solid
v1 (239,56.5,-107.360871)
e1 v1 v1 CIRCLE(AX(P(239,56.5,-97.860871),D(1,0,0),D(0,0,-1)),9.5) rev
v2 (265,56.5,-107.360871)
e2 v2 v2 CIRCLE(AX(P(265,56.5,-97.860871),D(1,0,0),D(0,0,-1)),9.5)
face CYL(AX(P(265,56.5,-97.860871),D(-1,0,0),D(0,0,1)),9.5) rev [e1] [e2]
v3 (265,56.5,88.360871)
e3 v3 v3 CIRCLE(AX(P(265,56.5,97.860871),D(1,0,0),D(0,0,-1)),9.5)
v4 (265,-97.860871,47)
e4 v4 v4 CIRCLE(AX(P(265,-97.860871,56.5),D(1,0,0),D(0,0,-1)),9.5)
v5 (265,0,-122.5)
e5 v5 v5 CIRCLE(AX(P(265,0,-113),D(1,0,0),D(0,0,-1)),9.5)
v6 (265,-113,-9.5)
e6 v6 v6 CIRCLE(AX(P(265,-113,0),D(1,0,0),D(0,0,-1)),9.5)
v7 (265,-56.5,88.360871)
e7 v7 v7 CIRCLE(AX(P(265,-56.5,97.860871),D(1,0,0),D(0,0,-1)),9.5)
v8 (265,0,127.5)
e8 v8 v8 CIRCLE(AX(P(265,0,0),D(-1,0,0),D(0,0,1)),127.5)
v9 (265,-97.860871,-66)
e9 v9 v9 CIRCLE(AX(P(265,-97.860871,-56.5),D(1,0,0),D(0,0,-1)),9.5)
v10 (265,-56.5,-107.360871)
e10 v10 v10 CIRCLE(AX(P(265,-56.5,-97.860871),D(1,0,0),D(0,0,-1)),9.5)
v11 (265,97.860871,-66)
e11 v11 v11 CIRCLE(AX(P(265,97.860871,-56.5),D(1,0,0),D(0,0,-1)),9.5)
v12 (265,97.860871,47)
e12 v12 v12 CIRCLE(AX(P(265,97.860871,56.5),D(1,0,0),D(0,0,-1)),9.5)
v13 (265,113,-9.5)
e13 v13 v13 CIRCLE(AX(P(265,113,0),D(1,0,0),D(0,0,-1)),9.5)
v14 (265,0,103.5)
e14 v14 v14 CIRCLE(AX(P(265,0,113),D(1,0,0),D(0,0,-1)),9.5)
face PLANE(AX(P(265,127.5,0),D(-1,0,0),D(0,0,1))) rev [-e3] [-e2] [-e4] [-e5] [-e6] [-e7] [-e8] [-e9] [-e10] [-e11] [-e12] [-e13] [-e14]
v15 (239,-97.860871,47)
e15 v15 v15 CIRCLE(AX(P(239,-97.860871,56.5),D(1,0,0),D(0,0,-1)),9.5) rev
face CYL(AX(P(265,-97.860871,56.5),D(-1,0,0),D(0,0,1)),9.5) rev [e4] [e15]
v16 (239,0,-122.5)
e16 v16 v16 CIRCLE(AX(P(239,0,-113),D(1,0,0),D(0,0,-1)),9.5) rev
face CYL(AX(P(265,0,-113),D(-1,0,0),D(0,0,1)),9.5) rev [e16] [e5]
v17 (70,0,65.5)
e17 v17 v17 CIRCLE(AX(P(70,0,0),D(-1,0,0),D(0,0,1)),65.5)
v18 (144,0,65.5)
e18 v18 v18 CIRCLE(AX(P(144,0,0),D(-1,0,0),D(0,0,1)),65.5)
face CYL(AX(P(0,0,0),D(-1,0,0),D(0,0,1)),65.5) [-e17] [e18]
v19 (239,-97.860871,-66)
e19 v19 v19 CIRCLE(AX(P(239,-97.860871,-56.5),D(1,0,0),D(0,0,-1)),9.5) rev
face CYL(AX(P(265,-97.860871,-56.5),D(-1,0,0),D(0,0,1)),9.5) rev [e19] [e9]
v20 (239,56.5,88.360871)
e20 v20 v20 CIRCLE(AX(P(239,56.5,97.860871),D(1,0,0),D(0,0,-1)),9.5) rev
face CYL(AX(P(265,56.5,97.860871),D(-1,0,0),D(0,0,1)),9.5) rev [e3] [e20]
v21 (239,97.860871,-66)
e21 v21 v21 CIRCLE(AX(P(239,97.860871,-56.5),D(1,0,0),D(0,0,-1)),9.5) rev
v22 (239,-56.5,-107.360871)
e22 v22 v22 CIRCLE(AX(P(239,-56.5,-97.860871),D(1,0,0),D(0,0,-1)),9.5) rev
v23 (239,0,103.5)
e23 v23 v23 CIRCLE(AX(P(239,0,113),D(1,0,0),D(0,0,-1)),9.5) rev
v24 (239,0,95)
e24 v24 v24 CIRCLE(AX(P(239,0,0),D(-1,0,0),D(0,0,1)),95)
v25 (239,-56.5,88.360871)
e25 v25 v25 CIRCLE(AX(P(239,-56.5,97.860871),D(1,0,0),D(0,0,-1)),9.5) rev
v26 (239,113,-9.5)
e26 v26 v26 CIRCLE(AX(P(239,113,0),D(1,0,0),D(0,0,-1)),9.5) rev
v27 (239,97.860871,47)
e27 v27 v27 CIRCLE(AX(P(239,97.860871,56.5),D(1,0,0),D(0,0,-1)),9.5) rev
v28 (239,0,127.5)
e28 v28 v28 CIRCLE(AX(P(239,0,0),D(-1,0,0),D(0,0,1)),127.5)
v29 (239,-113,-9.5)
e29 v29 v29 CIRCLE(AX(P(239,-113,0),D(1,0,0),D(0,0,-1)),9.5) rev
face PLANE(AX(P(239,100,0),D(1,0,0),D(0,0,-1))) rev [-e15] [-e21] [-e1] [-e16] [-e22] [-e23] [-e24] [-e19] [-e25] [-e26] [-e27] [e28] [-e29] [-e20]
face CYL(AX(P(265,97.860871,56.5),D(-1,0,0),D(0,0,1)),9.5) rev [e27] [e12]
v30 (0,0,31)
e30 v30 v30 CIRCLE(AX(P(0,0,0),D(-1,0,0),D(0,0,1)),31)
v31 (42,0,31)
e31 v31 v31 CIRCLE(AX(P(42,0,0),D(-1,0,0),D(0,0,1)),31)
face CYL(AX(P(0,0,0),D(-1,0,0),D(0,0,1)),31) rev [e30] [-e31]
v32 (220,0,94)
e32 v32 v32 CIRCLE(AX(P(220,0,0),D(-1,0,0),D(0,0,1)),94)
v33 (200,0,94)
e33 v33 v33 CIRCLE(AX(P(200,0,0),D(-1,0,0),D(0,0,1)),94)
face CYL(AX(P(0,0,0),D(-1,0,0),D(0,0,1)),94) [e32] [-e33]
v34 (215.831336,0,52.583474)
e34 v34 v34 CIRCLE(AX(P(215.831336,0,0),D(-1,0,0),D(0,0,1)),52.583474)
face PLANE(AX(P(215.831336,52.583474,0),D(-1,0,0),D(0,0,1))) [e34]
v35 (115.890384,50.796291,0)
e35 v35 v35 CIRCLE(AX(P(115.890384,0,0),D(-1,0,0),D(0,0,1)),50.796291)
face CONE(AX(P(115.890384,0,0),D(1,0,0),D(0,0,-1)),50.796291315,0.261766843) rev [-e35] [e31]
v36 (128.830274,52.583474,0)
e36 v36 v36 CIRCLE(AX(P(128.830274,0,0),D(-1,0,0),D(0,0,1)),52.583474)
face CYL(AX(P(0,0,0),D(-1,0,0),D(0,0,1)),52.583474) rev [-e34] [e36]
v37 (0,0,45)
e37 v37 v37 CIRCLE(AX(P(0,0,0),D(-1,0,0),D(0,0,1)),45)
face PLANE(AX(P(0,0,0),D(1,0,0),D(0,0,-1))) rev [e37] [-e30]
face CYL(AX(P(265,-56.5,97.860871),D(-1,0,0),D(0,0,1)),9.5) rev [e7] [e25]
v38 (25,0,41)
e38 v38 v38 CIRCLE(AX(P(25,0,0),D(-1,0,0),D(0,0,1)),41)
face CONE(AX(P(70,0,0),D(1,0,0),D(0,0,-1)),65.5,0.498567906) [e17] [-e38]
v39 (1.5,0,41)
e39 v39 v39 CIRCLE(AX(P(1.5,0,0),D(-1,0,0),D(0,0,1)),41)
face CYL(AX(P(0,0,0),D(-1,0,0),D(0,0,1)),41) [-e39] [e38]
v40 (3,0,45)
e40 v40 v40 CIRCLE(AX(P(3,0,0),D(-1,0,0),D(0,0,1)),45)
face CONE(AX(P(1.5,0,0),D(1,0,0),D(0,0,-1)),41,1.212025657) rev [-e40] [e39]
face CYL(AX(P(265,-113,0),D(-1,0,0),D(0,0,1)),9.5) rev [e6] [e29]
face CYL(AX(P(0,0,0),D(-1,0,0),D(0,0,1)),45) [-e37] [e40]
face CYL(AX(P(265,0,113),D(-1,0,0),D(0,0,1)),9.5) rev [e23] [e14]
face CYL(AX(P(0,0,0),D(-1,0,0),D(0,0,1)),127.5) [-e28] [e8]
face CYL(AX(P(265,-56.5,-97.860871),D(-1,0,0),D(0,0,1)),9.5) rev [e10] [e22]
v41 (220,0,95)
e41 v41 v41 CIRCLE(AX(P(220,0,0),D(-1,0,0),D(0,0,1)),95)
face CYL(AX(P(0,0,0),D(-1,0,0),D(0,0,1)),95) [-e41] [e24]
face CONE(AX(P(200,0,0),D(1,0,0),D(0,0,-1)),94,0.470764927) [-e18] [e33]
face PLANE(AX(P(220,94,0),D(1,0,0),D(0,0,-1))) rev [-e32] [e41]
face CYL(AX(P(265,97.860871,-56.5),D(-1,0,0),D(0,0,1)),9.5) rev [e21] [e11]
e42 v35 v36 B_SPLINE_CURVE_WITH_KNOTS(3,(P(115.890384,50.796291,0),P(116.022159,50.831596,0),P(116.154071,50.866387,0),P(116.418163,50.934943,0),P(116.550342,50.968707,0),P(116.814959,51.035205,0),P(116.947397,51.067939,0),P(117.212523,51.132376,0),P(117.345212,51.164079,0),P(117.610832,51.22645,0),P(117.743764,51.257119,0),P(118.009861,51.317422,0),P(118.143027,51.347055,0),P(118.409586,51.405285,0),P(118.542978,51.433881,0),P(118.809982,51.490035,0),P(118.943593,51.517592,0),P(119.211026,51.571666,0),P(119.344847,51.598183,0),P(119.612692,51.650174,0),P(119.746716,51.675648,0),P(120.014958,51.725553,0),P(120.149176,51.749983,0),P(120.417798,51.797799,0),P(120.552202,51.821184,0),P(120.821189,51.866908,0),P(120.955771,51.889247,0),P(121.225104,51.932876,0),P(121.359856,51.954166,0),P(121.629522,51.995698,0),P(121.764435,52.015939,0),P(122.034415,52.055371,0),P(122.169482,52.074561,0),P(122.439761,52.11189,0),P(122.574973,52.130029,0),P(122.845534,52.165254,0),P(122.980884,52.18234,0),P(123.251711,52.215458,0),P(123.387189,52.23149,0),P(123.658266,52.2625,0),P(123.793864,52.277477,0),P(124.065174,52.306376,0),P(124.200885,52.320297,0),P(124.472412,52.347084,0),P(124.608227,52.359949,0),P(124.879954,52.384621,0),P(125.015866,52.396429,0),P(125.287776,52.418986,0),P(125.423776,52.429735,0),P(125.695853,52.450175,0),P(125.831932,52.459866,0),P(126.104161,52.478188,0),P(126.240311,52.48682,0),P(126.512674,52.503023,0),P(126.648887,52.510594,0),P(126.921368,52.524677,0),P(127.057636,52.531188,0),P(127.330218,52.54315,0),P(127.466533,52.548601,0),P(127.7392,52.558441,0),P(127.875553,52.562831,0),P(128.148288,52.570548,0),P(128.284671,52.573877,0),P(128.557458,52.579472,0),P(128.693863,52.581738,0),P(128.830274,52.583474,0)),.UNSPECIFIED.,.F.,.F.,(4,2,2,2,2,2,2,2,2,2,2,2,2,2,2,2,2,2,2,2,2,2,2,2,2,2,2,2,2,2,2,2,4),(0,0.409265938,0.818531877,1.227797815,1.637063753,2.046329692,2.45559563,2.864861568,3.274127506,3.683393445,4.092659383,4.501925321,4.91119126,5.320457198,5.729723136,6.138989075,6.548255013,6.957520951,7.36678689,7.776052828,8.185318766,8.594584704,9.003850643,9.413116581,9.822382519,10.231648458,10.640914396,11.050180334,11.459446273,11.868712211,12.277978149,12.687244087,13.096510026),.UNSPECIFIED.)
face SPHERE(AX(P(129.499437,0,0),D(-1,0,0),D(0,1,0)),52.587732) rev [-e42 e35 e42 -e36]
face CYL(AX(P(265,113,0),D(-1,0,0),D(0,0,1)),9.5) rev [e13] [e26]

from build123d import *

# Parameters (mm, degrees)
SKETCH_3_R           = 9.5
CUT_EXTRUDE_1_DEPTH  = 321.526909947
SKETCH_4_R           = 9.5
CUT_EXTRUDE_2_DEPTH  = 321.526909947
SKETCH_5_R           = 9.5
CUT_EXTRUDE_3_DEPTH  = 321.526909947
SKETCH_6_R           = 9.5
CUT_EXTRUDE_4_DEPTH  = 321.526909947
SKETCH_7_R           = 9.5
CUT_EXTRUDE_5_DEPTH  = 321.526909947
SKETCH_8_R           = 9.5
CUT_EXTRUDE_6_DEPTH  = 321.526909947
SKETCH_9_R           = 9.5
CUT_EXTRUDE_7_DEPTH  = 321.526909947
SKETCH_10_R          = 9.5
CUT_EXTRUDE_8_DEPTH  = 321.526909947
SKETCH_11_R          = 9.5
CUT_EXTRUDE_9_DEPTH  = 321.526909947
SKETCH_12_R          = 9.5
CUT_EXTRUDE_10_DEPTH = 321.526909947
SKETCH_13_R          = 9.5
CUT_EXTRUDE_11_DEPTH = 321.526909947
SKETCH_14_R          = 9.5
CUT_EXTRUDE_12_DEPTH = 321.526909947


with BuildPart() as part:
    # Эскиз1 → Повернуть1 (revolve)
    with BuildSketch(Plane.XY, mode=Mode.PRIVATE) as revolve_1_sk:
        Polygon((0, 0), (265, 0), (265, 127.5), (239, 127.5), (239, 100), (239, 95), (220, 95), (220, 94), (200, 94), (144, 65.5), (70, 65.5), (25, 41), (1.5, 41), (3, 45), (0, 45), align=None)
    revolve(revolve_1_sk.sketch.rotate(Axis((0, 0, 0), (1, 0, 0)), 90), axis=Axis((0, 0, 0), (1, 0, 0)))

    # Эскиз2 → Вырез-Повернуть1 (revolve, cut)
    with BuildSketch(Plane.XY, mode=Mode.PRIVATE) as cut_revolve_1_sk:
        with BuildLine():
            Line((0, 0), (215.831336185, 0))
            Line((215.831336185, 0), (215.831336185, 52.583474267))
            Line((215.831336185, 52.583474267), (133.831336185, 52.583474267))
            Line((133.831336185, 52.583474267), (128.830273914, 52.583474267))
            ThreePointArc((128.830273914, 52.583474267), (122.304621517, 52.09322577), (115.89038393, 50.796291315))
            Line((115.89038393, 50.796291315), (42, 31))
            Line((42, 31), (0, 31))
            Line((0, 31), (0, 0))
        make_face()
    revolve(cut_revolve_1_sk.sketch.rotate(Axis((0, 0, 0), (1, 0, 0)), 90), axis=Axis((0, 0, 0), (1, 0, 0)), mode=Mode.SUBTRACT)

    # Эскиз3 → Вырез-Вытянуть1 (cut, through all)
    with BuildSketch(Plane(origin=(0, 0, 0), x_dir=(0, 0, -1), z_dir=(1, 0, 0))):
        with Locations((0, 113)):
            Circle(SKETCH_3_R)
    extrude(amount=CUT_EXTRUDE_1_DEPTH, mode=Mode.SUBTRACT)

    # Эскиз4 → Вырез-Вытянуть2 (cut, through all)
    with BuildSketch(Plane(origin=(0, 0, 0), x_dir=(0, 0, -1), z_dir=(1, 0, 0))):
        with Locations((-56.5, 97.860870628)):
            Circle(SKETCH_4_R)
    extrude(amount=CUT_EXTRUDE_2_DEPTH, mode=Mode.SUBTRACT)

    # Эскиз5 → Вырез-Вытянуть3 (cut, through all)
    with BuildSketch(Plane(origin=(0, 0, 0), x_dir=(0, 0, -1), z_dir=(1, 0, 0))):
        with Locations((-97.860870628, 56.5)):
            Circle(SKETCH_5_R)
    extrude(amount=CUT_EXTRUDE_3_DEPTH, mode=Mode.SUBTRACT)

    # Эскиз6 → Вырез-Вытянуть4 (cut, through all)
    with BuildSketch(Plane(origin=(0, 0, 0), x_dir=(0, 0, -1), z_dir=(1, 0, 0))):
        with Locations((-113, 0)):
            Circle(SKETCH_6_R)
    extrude(amount=CUT_EXTRUDE_4_DEPTH, mode=Mode.SUBTRACT)

    # Эскиз7 → Вырез-Вытянуть5 (cut, through all)
    with BuildSketch(Plane(origin=(0, 0, 0), x_dir=(0, 0, -1), z_dir=(1, 0, 0))):
        with Locations((-97.860870628, -56.5)):
            Circle(SKETCH_7_R)
    extrude(amount=CUT_EXTRUDE_5_DEPTH, mode=Mode.SUBTRACT)

    # Эскиз8 → Вырез-Вытянуть6 (cut, through all)
    with BuildSketch(Plane(origin=(0, 0, 0), x_dir=(0, 0, -1), z_dir=(1, 0, 0))):
        with Locations((-56.5, -97.860870628)):
            Circle(SKETCH_8_R)
    extrude(amount=CUT_EXTRUDE_6_DEPTH, mode=Mode.SUBTRACT)

    # Эскиз9 → Вырез-Вытянуть7 (cut, through all)
    with BuildSketch(Plane(origin=(0, 0, 0), x_dir=(0, 0, -1), z_dir=(1, 0, 0))):
        with Locations((0, -113)):
            Circle(SKETCH_9_R)
    extrude(amount=CUT_EXTRUDE_7_DEPTH, mode=Mode.SUBTRACT)

    # Эскиз10 → Вырез-Вытянуть8 (cut, through all)
    with BuildSketch(Plane(origin=(0, 0, 0), x_dir=(0, 0, -1), z_dir=(1, 0, 0))):
        with Locations((56.5, -97.860870628)):
            Circle(SKETCH_10_R)
    extrude(amount=CUT_EXTRUDE_8_DEPTH, mode=Mode.SUBTRACT)

    # Эскиз11 → Вырез-Вытянуть9 (cut, through all)
    with BuildSketch(Plane(origin=(0, 0, 0), x_dir=(0, 0, -1), z_dir=(1, 0, 0))):
        with Locations((97.860870628, -56.5)):
            Circle(SKETCH_11_R)
    extrude(amount=CUT_EXTRUDE_9_DEPTH, mode=Mode.SUBTRACT)

    # Эскиз12 → Вырез-Вытянуть10 (cut, through all)
    with BuildSketch(Plane(origin=(0, 0, 0), x_dir=(0, 0, -1), z_dir=(1, 0, 0))):
        with Locations((113, 0)):
            Circle(SKETCH_12_R)
    extrude(amount=CUT_EXTRUDE_10_DEPTH, mode=Mode.SUBTRACT)

    # Эскиз13 → Вырез-Вытянуть11 (cut, through all)
    with BuildSketch(Plane(origin=(0, 0, 0), x_dir=(0, 0, -1), z_dir=(1, 0, 0))):
        with Locations((97.860870628, 56.5)):
            Circle(SKETCH_13_R)
    extrude(amount=CUT_EXTRUDE_11_DEPTH, mode=Mode.SUBTRACT)

    # Эскиз14 → Вырез-Вытянуть12 (cut, through all)
    with BuildSketch(Plane(origin=(0, 0, 0), x_dir=(0, 0, -1), z_dir=(1, 0, 0))):
        with Locations((56.5, 97.860870628)):
            Circle(SKETCH_14_R)
    extrude(amount=CUT_EXTRUDE_12_DEPTH, mode=Mode.SUBTRACT)


solid = part.part
